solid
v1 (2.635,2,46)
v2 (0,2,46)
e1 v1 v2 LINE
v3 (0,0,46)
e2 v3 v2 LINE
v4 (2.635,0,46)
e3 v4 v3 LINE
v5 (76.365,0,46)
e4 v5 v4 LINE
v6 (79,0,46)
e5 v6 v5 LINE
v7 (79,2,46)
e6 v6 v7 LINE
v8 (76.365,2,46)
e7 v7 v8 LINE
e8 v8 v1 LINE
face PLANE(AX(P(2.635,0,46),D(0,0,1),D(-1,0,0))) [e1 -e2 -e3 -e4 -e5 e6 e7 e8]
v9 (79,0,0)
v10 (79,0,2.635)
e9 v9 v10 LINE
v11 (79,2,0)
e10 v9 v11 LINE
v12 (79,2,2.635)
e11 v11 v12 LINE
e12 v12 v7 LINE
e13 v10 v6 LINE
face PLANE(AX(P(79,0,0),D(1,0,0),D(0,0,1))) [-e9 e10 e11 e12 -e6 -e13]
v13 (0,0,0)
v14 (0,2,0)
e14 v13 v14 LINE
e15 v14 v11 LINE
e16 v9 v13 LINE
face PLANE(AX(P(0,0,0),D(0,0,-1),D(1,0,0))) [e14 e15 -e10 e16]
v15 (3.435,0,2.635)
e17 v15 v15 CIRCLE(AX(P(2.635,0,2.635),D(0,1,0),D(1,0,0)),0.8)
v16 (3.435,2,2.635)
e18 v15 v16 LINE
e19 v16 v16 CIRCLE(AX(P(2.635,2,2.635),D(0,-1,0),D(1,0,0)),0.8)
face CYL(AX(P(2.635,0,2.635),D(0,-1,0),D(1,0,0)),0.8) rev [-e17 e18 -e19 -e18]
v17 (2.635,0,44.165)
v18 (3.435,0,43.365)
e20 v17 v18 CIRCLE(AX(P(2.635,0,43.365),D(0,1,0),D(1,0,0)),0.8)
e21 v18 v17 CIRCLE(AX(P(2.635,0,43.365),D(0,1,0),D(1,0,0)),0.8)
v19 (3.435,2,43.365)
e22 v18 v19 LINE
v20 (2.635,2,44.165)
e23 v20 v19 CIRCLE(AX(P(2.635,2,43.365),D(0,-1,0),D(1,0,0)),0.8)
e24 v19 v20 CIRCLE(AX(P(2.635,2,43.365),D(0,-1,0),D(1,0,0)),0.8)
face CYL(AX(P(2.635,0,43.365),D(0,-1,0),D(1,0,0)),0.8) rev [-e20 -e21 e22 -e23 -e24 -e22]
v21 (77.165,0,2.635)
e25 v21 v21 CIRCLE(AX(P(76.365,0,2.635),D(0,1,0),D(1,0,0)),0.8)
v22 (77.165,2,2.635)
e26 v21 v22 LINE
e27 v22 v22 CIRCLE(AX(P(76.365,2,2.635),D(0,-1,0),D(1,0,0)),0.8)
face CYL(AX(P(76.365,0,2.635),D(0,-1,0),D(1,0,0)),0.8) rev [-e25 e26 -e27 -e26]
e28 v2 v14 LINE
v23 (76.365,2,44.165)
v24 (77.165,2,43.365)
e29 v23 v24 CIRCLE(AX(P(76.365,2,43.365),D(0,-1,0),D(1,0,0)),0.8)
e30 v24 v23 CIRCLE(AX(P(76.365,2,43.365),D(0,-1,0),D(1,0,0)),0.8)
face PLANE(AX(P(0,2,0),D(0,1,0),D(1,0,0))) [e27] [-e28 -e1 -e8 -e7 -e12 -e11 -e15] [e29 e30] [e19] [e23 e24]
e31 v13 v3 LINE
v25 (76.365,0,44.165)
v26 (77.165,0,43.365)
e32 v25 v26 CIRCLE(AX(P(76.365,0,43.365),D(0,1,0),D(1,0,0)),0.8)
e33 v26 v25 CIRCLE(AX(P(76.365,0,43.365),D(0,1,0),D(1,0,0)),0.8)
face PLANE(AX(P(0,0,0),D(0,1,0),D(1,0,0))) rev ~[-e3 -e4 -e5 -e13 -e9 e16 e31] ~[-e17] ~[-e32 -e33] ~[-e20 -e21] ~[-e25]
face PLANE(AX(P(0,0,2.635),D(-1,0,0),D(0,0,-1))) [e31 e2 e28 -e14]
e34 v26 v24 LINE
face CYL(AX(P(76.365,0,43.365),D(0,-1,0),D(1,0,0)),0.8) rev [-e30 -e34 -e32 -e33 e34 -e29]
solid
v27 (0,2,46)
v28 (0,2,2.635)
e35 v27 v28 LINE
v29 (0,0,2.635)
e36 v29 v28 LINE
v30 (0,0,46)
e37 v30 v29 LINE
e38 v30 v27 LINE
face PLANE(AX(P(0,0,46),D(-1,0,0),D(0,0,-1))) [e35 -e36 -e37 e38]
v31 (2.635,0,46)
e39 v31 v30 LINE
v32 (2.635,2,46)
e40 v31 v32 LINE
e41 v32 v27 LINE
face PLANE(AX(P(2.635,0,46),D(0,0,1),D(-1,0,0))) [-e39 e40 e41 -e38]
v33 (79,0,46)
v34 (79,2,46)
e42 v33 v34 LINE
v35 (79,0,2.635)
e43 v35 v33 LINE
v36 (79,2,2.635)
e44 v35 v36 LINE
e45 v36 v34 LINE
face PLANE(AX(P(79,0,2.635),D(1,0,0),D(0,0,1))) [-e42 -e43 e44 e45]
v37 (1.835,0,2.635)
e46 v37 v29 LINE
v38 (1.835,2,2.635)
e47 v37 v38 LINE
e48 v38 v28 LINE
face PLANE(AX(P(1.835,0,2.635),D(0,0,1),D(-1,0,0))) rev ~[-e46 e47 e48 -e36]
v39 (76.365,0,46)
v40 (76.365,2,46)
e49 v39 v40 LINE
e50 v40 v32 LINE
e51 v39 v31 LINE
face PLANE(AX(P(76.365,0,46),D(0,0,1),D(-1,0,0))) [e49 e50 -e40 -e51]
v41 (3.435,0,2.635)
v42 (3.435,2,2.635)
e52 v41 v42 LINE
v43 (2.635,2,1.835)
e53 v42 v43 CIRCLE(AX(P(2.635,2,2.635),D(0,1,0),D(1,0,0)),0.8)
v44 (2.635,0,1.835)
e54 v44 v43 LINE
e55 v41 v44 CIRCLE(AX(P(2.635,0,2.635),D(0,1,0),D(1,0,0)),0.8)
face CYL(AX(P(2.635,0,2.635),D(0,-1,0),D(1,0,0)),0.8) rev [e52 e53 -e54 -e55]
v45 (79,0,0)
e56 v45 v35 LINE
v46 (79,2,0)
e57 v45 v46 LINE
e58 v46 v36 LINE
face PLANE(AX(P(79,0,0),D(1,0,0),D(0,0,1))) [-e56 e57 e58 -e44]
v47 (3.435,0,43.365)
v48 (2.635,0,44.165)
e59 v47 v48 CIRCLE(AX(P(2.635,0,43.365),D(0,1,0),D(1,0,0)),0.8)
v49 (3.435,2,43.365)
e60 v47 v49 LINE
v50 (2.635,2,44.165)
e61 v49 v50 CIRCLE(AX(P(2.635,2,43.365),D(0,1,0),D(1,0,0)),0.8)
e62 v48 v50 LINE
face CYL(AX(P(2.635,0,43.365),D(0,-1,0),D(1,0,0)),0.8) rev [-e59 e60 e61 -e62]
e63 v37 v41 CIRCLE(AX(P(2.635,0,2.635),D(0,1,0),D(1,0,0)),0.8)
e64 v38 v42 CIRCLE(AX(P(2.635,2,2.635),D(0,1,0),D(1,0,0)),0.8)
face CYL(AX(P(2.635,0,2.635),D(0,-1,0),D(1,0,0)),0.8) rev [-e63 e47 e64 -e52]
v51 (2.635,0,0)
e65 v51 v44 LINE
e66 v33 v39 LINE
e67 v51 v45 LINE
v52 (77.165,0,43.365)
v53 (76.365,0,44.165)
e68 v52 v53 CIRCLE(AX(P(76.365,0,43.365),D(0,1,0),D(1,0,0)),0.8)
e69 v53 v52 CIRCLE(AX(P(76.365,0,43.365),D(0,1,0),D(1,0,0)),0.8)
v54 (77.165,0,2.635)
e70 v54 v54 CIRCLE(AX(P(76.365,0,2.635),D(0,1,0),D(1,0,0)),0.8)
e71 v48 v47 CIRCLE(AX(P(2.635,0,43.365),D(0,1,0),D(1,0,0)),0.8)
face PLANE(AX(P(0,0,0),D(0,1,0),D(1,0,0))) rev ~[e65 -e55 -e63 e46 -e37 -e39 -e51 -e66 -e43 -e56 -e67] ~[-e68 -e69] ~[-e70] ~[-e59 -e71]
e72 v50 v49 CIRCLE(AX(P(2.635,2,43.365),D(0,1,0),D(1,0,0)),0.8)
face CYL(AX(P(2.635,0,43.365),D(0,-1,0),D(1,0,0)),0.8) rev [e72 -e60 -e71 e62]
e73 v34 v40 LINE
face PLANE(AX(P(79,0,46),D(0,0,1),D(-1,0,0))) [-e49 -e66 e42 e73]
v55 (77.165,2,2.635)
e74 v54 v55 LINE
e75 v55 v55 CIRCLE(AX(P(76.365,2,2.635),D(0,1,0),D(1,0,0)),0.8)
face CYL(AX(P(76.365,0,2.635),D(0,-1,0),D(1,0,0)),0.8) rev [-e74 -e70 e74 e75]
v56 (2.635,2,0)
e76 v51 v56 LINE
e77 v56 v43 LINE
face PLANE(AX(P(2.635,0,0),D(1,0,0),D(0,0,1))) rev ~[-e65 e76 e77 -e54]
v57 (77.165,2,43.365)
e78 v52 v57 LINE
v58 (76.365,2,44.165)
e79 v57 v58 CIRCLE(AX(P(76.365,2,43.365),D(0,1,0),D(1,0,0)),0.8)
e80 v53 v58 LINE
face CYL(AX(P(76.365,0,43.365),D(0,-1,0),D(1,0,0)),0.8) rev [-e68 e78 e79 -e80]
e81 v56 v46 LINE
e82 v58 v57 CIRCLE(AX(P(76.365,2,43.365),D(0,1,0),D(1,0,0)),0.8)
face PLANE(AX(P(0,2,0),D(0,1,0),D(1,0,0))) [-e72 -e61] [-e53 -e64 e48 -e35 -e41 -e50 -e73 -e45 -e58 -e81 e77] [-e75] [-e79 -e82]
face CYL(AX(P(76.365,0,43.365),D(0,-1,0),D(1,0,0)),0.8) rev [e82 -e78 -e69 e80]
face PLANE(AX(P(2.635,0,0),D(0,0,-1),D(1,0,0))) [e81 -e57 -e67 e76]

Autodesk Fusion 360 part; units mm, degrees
sketch "Sketch1" plane through (0, 0, 0) normal (0, 1, 0) x (1, 0, 0)
  line L0 (0, 0) -> (79, 0)
  line L1 (79, 0) -> (79, -46)
  line L2 (79, -46) -> (0, -46)
  line L3 (0, -46) -> (0, 0)
  line L4 (79, -46) -> (76.365, -46)
  line L5 (76.365, -46) -> (76.365, -43.365)
  line L6 (79, 0) -> (79, -2.635)
  line L7 (79, -2.635) -> (76.365, -2.635)
  line L8 (0, -46) -> (2.635, -46)
  line L9 (2.635, -46) -> (2.635, -43.365)
  line L10 (0, 0) -> (2.635, 0)
  line L11 (2.635, 0) -> (2.635, -2.635)
  line L12 (2.635, -2.635) -> (0, -2.635)
  line L13 (0, -2.635) -> (0, 0)
  circle A0 centre (76.365, -43.365) radius 0.8
  circle A1 centre (76.365, -2.635) radius 0.8
  circle A2 centre (2.635, -2.635) radius 0.8
  circle A3 centre (2.635, -43.365) radius 0.8
  dimension "d1" = 46
  dimension "d2" = 79
  dimension "d5" = 2.635
  dimension "d6" = 2.635
  dimension "d7" = 2.635
  dimension "d8" = 2.635
  dimension "d9" = 2.635
  dimension "d10" = 2.635
  dimension "d11" = 2.635
  dimension "d12" = 2.635
  dimension "d13" = 1.6
  dimension "d14" = 1.6
  dimension "d15" = 1.6
  dimension "d16" = 1.6
extrude "Extrude2" add sketch "Sketch1" along normal blind 2 contours L0 L1 L2 L3 L4 L6 L8 L11 L12 A2 makes body 1
extrude "Extrude1" add sketch "Sketch1" along normal blind 2 separate body contours L0 L3 L10 L11 L12 L13 A2 | A3 | A0 | A1 | L0 L1 L2 L3 L4 L6 L8 L11 L12 A2 | L11 L12 A2 | L11 L12 A2 makes body 2
extrude "Extrude3" cut sketch "Sketch1" along normal blind 4 contours A3 | A0 | A1 | L11 L12 A2 | L11 L12 A2 bodies 2
